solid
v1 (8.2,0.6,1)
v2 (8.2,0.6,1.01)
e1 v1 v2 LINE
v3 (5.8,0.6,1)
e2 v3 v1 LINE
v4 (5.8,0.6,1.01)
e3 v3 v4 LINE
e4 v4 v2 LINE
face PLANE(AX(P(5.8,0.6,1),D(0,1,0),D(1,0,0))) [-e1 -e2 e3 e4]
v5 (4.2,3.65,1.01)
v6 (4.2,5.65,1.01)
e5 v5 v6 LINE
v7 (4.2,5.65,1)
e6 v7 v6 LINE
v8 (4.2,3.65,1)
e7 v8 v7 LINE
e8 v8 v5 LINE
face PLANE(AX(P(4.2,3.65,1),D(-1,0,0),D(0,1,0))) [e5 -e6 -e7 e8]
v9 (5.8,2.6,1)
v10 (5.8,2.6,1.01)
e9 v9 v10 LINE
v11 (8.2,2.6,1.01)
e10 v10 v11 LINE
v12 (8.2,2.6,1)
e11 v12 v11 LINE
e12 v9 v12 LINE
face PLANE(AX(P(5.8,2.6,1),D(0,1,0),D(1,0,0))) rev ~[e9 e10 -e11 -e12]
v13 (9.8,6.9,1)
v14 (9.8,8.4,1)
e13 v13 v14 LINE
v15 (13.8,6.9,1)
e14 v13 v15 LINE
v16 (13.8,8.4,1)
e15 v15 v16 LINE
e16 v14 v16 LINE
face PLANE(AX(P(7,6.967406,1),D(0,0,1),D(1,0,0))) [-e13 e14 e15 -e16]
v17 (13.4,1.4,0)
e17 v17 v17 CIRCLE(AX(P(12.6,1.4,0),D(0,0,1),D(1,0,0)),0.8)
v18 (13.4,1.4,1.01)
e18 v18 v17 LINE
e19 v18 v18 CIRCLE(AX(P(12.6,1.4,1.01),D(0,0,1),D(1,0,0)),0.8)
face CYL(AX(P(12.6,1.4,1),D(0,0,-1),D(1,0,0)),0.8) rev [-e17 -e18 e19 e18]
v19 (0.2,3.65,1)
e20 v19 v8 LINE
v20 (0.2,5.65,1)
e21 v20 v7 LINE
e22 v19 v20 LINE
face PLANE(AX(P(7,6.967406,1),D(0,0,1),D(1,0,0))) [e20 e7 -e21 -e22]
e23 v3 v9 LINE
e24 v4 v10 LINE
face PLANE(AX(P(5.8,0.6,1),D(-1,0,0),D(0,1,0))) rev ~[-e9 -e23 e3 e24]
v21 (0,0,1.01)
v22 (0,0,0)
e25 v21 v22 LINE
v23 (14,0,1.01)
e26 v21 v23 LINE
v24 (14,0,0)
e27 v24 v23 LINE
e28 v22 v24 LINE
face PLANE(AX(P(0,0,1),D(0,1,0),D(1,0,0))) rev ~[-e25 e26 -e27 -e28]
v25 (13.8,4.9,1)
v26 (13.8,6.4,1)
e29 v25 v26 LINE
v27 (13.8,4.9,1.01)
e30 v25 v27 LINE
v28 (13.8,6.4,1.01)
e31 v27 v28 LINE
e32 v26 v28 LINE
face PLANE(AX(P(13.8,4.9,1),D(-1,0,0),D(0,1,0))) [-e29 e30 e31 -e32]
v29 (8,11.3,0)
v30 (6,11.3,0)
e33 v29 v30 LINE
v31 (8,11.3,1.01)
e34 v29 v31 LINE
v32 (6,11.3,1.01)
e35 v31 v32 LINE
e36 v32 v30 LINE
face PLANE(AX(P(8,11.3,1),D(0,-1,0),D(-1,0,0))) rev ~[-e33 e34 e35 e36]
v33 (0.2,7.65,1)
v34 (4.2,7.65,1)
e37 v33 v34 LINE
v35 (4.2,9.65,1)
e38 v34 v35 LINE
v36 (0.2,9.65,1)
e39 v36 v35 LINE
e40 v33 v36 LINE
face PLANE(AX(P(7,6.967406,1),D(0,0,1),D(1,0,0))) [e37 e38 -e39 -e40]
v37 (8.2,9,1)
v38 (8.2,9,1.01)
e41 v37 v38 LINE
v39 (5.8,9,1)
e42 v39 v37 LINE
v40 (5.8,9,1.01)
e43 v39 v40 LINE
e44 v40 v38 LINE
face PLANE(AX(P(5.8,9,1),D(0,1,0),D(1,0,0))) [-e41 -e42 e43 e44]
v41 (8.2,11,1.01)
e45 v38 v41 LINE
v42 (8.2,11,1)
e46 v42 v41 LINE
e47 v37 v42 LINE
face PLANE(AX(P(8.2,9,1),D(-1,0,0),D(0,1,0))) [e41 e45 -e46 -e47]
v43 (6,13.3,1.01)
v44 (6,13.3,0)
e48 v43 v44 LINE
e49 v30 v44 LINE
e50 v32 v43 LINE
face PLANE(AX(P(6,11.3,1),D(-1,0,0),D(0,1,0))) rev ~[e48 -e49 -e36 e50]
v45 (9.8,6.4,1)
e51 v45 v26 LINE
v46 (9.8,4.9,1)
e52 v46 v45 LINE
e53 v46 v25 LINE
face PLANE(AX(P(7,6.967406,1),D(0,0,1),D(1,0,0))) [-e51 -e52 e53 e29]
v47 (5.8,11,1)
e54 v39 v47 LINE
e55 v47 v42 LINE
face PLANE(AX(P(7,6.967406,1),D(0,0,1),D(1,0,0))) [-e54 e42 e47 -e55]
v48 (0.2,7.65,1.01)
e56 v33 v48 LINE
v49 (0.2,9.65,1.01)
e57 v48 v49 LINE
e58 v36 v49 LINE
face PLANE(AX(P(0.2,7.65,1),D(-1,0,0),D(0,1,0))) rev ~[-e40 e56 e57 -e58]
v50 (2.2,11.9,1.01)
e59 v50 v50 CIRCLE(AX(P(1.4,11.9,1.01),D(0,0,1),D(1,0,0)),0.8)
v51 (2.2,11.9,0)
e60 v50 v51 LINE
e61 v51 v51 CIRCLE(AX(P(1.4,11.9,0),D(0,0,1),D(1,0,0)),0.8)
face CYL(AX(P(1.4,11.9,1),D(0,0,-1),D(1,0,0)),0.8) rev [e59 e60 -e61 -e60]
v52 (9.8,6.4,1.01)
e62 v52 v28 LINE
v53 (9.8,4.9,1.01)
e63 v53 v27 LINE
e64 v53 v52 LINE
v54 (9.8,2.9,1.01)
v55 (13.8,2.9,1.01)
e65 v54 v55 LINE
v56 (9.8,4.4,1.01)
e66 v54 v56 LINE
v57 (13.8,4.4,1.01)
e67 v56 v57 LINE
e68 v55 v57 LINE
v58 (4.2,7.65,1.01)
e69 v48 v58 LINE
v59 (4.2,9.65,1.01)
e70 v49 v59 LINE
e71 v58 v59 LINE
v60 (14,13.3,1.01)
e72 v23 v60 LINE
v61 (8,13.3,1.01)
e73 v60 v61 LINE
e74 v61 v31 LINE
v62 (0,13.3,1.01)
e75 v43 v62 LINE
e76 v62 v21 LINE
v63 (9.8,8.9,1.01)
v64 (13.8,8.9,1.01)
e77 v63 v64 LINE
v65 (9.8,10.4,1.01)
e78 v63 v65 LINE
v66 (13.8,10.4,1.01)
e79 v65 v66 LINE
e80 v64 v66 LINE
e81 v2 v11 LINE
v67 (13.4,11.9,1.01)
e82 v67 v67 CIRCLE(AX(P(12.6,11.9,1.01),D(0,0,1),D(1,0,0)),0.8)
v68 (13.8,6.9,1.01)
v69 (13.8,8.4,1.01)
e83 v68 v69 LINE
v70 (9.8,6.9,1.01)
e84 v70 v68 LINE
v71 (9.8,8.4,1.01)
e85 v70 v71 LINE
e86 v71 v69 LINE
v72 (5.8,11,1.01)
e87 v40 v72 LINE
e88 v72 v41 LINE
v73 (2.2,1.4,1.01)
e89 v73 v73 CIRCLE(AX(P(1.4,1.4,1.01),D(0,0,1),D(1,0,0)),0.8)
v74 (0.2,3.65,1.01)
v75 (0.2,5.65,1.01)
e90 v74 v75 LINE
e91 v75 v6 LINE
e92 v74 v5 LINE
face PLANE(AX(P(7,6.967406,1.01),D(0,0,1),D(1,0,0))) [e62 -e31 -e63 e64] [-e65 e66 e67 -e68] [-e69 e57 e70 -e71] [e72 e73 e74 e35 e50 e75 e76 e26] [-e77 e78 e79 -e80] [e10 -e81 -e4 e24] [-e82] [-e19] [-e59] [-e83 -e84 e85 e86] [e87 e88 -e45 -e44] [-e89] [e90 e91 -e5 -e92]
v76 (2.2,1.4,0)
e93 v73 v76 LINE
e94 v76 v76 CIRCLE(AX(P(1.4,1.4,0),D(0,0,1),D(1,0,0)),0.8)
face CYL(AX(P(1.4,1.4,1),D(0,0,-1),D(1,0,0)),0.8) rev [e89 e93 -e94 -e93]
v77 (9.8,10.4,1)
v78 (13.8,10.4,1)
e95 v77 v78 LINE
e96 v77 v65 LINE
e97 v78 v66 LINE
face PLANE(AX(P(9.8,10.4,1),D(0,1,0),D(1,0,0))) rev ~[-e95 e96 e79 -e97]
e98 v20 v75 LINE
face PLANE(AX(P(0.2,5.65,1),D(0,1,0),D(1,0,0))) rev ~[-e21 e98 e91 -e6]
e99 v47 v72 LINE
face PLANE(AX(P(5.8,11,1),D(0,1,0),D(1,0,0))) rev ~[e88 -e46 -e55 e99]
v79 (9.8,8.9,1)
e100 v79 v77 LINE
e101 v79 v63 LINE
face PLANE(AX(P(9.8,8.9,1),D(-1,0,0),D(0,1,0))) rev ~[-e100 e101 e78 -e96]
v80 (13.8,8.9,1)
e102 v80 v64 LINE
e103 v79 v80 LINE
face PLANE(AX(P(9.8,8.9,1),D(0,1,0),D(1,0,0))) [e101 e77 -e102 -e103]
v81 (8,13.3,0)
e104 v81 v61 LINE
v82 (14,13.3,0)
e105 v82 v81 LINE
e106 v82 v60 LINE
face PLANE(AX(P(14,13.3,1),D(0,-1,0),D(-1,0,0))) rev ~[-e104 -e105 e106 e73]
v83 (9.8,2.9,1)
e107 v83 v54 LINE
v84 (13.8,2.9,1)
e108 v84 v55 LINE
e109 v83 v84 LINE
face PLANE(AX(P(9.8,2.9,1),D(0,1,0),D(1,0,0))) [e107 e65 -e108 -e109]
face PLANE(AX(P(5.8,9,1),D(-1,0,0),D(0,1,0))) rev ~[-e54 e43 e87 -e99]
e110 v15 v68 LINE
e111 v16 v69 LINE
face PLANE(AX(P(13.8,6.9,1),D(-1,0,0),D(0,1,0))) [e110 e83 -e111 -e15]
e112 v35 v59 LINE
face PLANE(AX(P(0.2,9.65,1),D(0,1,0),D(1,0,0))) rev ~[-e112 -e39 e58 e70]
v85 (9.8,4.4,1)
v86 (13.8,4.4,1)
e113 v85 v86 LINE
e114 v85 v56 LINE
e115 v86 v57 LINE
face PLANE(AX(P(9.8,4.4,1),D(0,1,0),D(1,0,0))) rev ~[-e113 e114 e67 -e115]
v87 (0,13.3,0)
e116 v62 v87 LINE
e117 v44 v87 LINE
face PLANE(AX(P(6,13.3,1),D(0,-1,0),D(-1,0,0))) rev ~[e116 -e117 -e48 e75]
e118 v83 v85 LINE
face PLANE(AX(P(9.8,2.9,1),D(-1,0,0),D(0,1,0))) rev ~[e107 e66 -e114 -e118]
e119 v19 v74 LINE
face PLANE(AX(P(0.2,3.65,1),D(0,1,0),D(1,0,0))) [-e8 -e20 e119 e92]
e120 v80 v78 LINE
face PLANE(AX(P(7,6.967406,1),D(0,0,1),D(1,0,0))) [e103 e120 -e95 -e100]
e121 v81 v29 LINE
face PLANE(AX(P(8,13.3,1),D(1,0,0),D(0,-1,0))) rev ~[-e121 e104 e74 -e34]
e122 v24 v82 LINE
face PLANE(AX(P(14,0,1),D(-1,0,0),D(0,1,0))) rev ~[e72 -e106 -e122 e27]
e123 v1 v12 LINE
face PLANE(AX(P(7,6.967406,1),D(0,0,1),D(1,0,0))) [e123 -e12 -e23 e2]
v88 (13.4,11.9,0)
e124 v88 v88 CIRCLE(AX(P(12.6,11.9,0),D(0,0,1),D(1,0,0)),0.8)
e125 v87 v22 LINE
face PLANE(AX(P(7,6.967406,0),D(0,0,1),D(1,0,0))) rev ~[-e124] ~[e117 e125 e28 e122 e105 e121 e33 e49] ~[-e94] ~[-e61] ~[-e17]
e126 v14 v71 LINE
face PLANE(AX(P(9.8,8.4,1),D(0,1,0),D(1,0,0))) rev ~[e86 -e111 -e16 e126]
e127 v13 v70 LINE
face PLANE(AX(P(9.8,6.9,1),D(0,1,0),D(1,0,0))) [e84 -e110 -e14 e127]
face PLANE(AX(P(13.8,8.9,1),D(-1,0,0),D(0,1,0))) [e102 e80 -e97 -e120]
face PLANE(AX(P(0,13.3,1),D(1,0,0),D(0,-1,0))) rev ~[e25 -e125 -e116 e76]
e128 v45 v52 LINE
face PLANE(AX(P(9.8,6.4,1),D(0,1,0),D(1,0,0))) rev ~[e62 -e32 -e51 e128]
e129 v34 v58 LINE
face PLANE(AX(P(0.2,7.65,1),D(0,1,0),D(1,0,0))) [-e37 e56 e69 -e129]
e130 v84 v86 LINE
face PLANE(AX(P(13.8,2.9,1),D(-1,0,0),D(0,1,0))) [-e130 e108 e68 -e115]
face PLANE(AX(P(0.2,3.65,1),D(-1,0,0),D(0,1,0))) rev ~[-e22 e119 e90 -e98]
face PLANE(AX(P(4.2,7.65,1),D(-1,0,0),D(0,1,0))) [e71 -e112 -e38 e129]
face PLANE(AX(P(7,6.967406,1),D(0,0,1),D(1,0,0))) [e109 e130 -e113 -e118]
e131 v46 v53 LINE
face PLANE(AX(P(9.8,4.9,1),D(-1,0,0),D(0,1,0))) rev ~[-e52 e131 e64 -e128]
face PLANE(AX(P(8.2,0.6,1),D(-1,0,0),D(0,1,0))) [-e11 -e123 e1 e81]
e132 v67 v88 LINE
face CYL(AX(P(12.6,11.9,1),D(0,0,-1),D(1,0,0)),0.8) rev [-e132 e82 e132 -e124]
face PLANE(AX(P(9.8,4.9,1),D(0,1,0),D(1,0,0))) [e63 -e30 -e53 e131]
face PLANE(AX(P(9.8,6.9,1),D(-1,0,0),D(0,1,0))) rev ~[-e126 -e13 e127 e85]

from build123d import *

# Parameters (mm, degrees)
SKETCH_1_R      = 0.8
EXTRUDE_2_DEPTH = 1
SKETCH_2_R      = 0.8
SKETCH_2_W      = 4
SKETCH_2_H      = 2
SKETCH_2_W_2    = 2.4
SKETCH_2_H_2    = 1.5
EXTRUDE_3_DEPTH = 0.01


with BuildPart() as part:
    # 草图1 → 凸台-拉伸2 (new body)
    with BuildSketch(Plane.XY):
        Polygon((0, 13.3), (0, 0), (14, 0), (14, 13.3), (8, 13.3), (8, 11.3), (6, 11.3), (6, 13.3), align=None)
        with Locations((1.4, 1.4)):
            Circle(SKETCH_1_R, mode=Mode.SUBTRACT)
        with Locations((12.6, 1.4)):
            Circle(SKETCH_1_R, mode=Mode.SUBTRACT)
        with Locations((1.4, 11.9)):
            Circle(SKETCH_1_R, mode=Mode.SUBTRACT)
        with Locations((12.6, 11.9)):
            Circle(SKETCH_1_R, mode=Mode.SUBTRACT)
    extrude(amount=EXTRUDE_2_DEPTH)

    # 草图2 → 凸台-拉伸3 (add)
    with BuildSketch(Plane.XY.offset(1)):
        Polygon((0, 0), (14, 0), (14, 13.3), (8, 13.3), (8, 11.3), (6, 11.3), (6, 13.3), (0, 13.3), align=None)
        with Locations((1.4, 1.4)):
            Circle(SKETCH_2_R, mode=Mode.SUBTRACT)
        with Locations((2.2, 4.65)):
            Rectangle(SKETCH_2_W, SKETCH_2_H, mode=Mode.SUBTRACT)
        with Locations((7, 1.6)):
            Rectangle(SKETCH_2_W_2, SKETCH_2_H, mode=Mode.SUBTRACT)
        with Locations((12.6, 1.4)):
            Circle(SKETCH_2_R, mode=Mode.SUBTRACT)
        with Locations((11.8, 3.65)):
            Rectangle(SKETCH_2_W, SKETCH_2_H_2, mode=Mode.SUBTRACT)
        with Locations((11.8, 5.65)):
            Rectangle(SKETCH_2_W, SKETCH_2_H_2, mode=Mode.SUBTRACT)
        with Locations((2.2, 8.65)):
            Rectangle(SKETCH_2_W, SKETCH_2_H, mode=Mode.SUBTRACT)
        with Locations((1.4, 11.9)):
            Circle(SKETCH_2_R, mode=Mode.SUBTRACT)
        with Locations((11.8, 7.65)):
            Rectangle(SKETCH_2_W, SKETCH_2_H_2, mode=Mode.SUBTRACT)
        with Locations((11.8, 9.65)):
            Rectangle(SKETCH_2_W, SKETCH_2_H_2, mode=Mode.SUBTRACT)
        with Locations((7, 10)):
            Rectangle(SKETCH_2_W_2, SKETCH_2_H, mode=Mode.SUBTRACT)
        with Locations((12.6, 11.9)):
            Circle(SKETCH_2_R, mode=Mode.SUBTRACT)
    extrude(amount=EXTRUDE_3_DEPTH)


solid = part.part
